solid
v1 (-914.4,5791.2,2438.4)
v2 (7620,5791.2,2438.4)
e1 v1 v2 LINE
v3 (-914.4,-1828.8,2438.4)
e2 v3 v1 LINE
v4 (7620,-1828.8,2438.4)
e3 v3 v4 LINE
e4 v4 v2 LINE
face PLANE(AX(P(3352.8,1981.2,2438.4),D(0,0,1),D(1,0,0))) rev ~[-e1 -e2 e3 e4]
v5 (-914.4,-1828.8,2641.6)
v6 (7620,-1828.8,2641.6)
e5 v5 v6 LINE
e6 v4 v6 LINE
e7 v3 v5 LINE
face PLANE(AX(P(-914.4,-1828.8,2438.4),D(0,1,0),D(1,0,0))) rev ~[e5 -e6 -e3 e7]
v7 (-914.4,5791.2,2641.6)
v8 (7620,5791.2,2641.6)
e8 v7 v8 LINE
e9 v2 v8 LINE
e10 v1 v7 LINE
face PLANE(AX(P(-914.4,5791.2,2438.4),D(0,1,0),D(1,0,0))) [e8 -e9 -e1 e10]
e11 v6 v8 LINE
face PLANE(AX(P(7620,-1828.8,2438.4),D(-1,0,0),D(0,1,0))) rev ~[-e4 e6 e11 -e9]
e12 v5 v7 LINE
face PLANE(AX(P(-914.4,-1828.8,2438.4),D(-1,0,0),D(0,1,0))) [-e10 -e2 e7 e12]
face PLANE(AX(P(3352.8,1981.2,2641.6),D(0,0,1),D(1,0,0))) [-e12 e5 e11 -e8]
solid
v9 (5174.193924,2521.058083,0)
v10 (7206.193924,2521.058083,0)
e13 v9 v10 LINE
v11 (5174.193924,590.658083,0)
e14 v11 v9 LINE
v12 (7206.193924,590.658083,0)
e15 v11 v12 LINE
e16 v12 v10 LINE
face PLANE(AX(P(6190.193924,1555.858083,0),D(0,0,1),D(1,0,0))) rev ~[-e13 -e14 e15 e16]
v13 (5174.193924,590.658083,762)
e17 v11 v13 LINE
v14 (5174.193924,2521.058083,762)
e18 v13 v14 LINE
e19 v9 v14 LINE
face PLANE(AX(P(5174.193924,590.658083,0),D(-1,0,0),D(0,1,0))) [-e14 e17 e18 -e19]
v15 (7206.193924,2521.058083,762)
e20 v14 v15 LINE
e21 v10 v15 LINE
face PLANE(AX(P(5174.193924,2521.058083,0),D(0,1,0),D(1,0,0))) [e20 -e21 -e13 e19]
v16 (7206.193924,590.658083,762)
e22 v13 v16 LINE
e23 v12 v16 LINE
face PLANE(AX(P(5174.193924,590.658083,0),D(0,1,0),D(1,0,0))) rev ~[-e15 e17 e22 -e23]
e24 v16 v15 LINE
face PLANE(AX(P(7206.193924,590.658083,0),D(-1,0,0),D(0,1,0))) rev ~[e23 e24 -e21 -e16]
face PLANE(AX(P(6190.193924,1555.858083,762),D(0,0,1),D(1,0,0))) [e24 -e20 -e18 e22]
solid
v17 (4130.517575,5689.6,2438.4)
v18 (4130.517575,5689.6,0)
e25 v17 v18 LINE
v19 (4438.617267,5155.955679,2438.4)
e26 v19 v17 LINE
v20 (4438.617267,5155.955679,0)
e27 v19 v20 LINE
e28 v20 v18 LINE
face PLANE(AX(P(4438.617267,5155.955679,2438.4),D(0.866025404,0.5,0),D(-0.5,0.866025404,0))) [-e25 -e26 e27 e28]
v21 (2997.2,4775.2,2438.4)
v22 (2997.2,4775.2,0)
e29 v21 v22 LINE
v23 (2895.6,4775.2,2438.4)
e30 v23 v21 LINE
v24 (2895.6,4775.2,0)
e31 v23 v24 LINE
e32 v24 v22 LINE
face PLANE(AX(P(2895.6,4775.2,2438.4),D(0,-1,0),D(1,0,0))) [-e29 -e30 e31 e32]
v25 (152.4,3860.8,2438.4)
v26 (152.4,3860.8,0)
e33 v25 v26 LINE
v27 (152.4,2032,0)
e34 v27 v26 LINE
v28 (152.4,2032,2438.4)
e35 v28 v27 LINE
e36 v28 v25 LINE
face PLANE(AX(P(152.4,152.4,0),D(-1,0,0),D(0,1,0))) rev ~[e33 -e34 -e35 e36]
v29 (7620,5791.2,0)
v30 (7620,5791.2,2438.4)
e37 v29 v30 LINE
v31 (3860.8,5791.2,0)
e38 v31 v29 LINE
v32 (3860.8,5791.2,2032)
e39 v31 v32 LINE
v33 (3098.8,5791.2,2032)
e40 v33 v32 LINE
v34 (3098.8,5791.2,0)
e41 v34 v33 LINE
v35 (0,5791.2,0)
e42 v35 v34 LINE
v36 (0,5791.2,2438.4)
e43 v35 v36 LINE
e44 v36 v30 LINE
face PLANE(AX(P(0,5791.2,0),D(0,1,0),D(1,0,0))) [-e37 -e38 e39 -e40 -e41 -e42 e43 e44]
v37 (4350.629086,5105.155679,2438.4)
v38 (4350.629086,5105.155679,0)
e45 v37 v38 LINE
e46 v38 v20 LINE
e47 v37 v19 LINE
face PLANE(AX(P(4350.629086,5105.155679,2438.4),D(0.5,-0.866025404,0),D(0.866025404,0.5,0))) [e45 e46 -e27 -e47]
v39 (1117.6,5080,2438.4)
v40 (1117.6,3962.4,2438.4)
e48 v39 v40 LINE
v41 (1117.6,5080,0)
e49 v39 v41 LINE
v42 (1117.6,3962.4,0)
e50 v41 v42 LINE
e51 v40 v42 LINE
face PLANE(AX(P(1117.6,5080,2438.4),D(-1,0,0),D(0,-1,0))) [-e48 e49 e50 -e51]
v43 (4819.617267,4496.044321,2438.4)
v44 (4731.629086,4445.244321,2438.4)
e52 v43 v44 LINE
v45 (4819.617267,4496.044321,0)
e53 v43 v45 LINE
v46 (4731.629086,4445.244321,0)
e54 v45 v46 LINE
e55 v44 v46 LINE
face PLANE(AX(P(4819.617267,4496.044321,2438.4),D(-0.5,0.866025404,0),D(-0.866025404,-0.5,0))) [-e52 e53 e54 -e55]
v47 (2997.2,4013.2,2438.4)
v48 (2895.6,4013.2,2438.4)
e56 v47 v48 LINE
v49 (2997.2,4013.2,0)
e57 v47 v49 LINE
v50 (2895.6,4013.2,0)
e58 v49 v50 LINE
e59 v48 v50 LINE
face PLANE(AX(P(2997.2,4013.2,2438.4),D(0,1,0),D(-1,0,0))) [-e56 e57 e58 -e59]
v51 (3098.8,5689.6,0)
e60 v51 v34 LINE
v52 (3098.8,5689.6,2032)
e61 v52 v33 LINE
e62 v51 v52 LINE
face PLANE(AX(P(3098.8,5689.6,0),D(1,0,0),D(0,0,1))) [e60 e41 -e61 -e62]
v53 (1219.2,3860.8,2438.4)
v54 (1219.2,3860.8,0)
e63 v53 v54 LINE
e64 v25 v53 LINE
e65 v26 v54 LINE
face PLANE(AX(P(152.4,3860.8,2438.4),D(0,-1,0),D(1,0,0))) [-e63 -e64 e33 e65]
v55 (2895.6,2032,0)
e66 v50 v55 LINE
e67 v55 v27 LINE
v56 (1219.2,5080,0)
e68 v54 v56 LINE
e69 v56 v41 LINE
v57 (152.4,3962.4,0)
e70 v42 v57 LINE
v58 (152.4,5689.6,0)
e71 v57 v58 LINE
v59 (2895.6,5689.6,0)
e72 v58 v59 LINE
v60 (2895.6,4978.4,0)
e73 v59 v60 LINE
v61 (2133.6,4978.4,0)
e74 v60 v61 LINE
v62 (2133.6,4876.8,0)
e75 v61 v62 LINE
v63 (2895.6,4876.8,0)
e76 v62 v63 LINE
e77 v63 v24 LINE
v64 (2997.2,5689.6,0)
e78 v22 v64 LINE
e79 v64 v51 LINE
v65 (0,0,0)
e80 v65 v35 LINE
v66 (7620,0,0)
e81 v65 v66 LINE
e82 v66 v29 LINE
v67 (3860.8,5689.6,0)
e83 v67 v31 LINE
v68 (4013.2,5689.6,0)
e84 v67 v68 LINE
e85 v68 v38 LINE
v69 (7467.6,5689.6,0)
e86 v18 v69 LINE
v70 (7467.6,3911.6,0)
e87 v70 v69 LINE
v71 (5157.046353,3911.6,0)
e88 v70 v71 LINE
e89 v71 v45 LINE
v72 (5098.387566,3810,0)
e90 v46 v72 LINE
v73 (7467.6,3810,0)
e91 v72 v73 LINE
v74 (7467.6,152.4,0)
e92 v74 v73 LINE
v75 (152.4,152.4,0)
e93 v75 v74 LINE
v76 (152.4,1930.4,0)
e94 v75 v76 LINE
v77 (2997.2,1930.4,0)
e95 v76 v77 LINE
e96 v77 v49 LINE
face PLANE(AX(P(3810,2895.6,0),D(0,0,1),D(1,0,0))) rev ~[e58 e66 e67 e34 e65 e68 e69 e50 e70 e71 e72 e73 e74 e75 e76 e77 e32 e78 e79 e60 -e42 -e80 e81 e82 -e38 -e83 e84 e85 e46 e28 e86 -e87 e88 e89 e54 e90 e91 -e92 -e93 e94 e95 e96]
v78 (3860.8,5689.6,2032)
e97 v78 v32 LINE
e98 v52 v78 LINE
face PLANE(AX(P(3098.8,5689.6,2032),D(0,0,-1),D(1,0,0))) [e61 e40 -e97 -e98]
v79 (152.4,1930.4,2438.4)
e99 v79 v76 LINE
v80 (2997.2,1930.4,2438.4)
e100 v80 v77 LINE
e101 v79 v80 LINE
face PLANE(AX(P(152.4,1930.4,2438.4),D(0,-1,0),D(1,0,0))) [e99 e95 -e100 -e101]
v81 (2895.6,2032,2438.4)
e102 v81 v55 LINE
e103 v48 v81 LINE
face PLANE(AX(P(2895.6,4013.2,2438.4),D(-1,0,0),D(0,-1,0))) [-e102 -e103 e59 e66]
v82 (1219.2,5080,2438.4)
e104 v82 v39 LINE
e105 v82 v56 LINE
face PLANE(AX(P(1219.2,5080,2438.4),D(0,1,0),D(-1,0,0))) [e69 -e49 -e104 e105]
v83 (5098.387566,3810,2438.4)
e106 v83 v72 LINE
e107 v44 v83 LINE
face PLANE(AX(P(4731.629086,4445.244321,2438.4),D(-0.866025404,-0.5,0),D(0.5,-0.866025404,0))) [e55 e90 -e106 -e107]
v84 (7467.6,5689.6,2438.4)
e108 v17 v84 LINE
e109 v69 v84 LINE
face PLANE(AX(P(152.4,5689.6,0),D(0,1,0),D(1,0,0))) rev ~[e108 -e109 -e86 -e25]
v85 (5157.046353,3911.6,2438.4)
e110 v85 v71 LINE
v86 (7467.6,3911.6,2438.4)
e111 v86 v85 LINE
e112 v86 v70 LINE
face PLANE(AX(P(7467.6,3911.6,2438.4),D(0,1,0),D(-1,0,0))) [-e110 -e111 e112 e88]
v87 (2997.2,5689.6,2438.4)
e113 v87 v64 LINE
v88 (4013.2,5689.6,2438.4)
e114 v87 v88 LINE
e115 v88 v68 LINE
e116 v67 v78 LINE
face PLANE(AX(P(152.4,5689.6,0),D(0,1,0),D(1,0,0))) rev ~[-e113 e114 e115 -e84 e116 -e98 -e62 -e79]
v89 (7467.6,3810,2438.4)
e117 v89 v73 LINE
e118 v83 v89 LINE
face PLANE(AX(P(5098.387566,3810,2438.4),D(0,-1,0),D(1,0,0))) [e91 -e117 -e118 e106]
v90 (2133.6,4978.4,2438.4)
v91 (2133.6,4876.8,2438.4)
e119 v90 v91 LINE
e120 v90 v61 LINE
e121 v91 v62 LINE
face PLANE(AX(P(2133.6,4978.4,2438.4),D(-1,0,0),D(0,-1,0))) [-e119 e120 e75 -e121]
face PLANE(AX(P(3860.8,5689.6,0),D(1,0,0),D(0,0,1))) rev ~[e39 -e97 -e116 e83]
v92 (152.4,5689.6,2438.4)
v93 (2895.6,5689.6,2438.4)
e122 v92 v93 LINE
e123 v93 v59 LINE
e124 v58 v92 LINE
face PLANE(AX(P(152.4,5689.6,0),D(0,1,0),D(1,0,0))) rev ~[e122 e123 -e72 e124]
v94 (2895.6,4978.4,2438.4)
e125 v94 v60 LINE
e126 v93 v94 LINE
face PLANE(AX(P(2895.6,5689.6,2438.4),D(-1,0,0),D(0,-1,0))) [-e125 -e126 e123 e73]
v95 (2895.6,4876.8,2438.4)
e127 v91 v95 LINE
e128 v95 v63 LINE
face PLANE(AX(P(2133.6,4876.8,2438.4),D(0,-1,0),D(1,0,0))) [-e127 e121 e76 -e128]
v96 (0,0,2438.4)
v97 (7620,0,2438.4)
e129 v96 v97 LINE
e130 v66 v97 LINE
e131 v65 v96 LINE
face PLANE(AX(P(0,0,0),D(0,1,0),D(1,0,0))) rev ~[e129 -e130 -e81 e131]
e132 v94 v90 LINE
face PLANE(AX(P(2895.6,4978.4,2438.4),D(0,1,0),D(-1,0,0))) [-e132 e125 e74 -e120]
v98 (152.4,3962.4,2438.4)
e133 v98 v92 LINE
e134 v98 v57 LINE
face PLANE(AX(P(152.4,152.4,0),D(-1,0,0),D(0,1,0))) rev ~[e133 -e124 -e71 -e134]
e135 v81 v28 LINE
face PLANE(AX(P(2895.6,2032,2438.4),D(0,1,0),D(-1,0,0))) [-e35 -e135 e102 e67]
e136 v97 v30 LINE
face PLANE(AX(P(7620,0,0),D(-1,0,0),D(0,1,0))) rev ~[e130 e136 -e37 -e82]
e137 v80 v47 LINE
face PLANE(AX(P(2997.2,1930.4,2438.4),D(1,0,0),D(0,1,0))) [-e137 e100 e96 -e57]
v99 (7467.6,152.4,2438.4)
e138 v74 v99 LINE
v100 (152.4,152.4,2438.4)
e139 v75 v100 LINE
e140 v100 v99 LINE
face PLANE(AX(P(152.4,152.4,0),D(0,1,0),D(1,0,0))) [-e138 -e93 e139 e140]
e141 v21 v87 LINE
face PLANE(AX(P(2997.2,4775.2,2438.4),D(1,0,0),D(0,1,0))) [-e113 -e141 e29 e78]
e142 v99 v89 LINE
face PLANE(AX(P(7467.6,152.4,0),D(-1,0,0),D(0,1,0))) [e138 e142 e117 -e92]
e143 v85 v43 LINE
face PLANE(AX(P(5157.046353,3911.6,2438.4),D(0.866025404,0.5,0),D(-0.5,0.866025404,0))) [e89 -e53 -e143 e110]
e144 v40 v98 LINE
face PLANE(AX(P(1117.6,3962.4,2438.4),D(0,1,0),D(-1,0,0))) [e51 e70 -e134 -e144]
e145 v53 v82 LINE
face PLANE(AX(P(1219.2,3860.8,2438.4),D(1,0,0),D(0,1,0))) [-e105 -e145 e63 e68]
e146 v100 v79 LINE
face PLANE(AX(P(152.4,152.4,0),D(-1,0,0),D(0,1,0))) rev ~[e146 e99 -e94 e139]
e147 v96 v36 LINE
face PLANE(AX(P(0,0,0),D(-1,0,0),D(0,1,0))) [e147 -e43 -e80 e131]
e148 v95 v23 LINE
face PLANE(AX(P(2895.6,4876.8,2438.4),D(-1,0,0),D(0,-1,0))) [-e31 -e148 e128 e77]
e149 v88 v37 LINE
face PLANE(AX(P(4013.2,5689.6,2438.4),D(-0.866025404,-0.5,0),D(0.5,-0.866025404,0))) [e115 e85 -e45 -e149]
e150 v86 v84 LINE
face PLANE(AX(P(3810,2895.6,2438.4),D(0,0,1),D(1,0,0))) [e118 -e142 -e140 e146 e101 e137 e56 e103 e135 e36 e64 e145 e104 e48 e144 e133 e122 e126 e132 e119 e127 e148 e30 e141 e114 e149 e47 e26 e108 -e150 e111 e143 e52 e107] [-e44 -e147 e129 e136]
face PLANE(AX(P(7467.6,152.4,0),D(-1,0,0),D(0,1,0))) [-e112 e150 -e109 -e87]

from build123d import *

# Parameters (mm, degrees)
F0_W     = 7620
F0_H     = 5791.2
F0_W_2   = 7315.2
F0_H_2   = 5537.2
F1_DEPTH = 2438.4
F2_W     = 762
F2_H     = 2032
F3_DEPTH = 101.6
F5_DEPTH = 2438.4
F6_W     = 2032
F6_H     = 1930.4
F7_DEPTH = 762
F8_W     = 8534.4
F8_H     = 7620
F9_DEPTH = 203.2


with BuildPart() as f1:
    # F0 (on Top) → F1 (new body)
    with BuildSketch(Plane.XY):
        with Locations((3810, 2895.6)):
            Rectangle(F0_W, F0_H)
        with Locations((3810, 2921)):
            Rectangle(F0_W_2, F0_H_2, mode=Mode.SUBTRACT)
    extrude(amount=F1_DEPTH)

    # F2 (on face) → F3 (cut, through all)
    with BuildSketch(Plane.XZ.offset(-5689.6)):
        with Locations((3479.8, 1016)):
            Rectangle(F2_W, F2_H)
    extrude(amount=-F3_DEPTH, mode=Mode.SUBTRACT)

    # F4 (on face) → F5 (join, through all)
    with BuildSketch(Plane.XY.offset(2438.4)):
        Polygon((2997.2, 4775.2), (2997.2, 5689.6), (2895.6, 5689.6), (2895.6, 4978.4), (2133.6, 4978.4), (2133.6, 4876.8), (2895.6, 4876.8), (2895.6, 4775.2), align=None)
        Polygon((2895.6, 2032), (152.4, 2032), (152.4, 1930.4), (2997.2, 1930.4), (2997.2, 4013.2), (2895.6, 4013.2), align=None)
        Polygon((152.4, 3962.4), (152.4, 3860.8), (1219.2, 3860.8), (1219.2, 5080), (1117.6, 5080), (1117.6, 3962.4), align=None)
        Polygon((4130.517575, 5689.6), (4013.2, 5689.6), (4350.629086, 5105.155679), (4438.617267, 5155.955679), align=None)
        Polygon((5098.387566, 3810), (7467.6, 3810), (7467.6, 3911.6), (5157.046353, 3911.6), (4819.617267, 4496.044321), (4731.629086, 4445.244321), align=None)
    extrude(amount=-F5_DEPTH)


with BuildPart() as f7:
    # F6 (on Top) → F7 (new body)
    with BuildSketch(Plane.XY):
        with Locations((6190.193924, 1555.858083)):
            Rectangle(F6_W, F6_H)
    extrude(amount=F7_DEPTH)


with BuildPart() as f9:
    # F8 (on face) → F9 (new body)
    with BuildSketch(Plane.XY.offset(2438.4)):
        with Locations((3352.8, 1981.2)):
            Rectangle(F8_W, F8_H)
    extrude(amount=F9_DEPTH)


solid = Compound([f1.part, f7.part, f9.part])
